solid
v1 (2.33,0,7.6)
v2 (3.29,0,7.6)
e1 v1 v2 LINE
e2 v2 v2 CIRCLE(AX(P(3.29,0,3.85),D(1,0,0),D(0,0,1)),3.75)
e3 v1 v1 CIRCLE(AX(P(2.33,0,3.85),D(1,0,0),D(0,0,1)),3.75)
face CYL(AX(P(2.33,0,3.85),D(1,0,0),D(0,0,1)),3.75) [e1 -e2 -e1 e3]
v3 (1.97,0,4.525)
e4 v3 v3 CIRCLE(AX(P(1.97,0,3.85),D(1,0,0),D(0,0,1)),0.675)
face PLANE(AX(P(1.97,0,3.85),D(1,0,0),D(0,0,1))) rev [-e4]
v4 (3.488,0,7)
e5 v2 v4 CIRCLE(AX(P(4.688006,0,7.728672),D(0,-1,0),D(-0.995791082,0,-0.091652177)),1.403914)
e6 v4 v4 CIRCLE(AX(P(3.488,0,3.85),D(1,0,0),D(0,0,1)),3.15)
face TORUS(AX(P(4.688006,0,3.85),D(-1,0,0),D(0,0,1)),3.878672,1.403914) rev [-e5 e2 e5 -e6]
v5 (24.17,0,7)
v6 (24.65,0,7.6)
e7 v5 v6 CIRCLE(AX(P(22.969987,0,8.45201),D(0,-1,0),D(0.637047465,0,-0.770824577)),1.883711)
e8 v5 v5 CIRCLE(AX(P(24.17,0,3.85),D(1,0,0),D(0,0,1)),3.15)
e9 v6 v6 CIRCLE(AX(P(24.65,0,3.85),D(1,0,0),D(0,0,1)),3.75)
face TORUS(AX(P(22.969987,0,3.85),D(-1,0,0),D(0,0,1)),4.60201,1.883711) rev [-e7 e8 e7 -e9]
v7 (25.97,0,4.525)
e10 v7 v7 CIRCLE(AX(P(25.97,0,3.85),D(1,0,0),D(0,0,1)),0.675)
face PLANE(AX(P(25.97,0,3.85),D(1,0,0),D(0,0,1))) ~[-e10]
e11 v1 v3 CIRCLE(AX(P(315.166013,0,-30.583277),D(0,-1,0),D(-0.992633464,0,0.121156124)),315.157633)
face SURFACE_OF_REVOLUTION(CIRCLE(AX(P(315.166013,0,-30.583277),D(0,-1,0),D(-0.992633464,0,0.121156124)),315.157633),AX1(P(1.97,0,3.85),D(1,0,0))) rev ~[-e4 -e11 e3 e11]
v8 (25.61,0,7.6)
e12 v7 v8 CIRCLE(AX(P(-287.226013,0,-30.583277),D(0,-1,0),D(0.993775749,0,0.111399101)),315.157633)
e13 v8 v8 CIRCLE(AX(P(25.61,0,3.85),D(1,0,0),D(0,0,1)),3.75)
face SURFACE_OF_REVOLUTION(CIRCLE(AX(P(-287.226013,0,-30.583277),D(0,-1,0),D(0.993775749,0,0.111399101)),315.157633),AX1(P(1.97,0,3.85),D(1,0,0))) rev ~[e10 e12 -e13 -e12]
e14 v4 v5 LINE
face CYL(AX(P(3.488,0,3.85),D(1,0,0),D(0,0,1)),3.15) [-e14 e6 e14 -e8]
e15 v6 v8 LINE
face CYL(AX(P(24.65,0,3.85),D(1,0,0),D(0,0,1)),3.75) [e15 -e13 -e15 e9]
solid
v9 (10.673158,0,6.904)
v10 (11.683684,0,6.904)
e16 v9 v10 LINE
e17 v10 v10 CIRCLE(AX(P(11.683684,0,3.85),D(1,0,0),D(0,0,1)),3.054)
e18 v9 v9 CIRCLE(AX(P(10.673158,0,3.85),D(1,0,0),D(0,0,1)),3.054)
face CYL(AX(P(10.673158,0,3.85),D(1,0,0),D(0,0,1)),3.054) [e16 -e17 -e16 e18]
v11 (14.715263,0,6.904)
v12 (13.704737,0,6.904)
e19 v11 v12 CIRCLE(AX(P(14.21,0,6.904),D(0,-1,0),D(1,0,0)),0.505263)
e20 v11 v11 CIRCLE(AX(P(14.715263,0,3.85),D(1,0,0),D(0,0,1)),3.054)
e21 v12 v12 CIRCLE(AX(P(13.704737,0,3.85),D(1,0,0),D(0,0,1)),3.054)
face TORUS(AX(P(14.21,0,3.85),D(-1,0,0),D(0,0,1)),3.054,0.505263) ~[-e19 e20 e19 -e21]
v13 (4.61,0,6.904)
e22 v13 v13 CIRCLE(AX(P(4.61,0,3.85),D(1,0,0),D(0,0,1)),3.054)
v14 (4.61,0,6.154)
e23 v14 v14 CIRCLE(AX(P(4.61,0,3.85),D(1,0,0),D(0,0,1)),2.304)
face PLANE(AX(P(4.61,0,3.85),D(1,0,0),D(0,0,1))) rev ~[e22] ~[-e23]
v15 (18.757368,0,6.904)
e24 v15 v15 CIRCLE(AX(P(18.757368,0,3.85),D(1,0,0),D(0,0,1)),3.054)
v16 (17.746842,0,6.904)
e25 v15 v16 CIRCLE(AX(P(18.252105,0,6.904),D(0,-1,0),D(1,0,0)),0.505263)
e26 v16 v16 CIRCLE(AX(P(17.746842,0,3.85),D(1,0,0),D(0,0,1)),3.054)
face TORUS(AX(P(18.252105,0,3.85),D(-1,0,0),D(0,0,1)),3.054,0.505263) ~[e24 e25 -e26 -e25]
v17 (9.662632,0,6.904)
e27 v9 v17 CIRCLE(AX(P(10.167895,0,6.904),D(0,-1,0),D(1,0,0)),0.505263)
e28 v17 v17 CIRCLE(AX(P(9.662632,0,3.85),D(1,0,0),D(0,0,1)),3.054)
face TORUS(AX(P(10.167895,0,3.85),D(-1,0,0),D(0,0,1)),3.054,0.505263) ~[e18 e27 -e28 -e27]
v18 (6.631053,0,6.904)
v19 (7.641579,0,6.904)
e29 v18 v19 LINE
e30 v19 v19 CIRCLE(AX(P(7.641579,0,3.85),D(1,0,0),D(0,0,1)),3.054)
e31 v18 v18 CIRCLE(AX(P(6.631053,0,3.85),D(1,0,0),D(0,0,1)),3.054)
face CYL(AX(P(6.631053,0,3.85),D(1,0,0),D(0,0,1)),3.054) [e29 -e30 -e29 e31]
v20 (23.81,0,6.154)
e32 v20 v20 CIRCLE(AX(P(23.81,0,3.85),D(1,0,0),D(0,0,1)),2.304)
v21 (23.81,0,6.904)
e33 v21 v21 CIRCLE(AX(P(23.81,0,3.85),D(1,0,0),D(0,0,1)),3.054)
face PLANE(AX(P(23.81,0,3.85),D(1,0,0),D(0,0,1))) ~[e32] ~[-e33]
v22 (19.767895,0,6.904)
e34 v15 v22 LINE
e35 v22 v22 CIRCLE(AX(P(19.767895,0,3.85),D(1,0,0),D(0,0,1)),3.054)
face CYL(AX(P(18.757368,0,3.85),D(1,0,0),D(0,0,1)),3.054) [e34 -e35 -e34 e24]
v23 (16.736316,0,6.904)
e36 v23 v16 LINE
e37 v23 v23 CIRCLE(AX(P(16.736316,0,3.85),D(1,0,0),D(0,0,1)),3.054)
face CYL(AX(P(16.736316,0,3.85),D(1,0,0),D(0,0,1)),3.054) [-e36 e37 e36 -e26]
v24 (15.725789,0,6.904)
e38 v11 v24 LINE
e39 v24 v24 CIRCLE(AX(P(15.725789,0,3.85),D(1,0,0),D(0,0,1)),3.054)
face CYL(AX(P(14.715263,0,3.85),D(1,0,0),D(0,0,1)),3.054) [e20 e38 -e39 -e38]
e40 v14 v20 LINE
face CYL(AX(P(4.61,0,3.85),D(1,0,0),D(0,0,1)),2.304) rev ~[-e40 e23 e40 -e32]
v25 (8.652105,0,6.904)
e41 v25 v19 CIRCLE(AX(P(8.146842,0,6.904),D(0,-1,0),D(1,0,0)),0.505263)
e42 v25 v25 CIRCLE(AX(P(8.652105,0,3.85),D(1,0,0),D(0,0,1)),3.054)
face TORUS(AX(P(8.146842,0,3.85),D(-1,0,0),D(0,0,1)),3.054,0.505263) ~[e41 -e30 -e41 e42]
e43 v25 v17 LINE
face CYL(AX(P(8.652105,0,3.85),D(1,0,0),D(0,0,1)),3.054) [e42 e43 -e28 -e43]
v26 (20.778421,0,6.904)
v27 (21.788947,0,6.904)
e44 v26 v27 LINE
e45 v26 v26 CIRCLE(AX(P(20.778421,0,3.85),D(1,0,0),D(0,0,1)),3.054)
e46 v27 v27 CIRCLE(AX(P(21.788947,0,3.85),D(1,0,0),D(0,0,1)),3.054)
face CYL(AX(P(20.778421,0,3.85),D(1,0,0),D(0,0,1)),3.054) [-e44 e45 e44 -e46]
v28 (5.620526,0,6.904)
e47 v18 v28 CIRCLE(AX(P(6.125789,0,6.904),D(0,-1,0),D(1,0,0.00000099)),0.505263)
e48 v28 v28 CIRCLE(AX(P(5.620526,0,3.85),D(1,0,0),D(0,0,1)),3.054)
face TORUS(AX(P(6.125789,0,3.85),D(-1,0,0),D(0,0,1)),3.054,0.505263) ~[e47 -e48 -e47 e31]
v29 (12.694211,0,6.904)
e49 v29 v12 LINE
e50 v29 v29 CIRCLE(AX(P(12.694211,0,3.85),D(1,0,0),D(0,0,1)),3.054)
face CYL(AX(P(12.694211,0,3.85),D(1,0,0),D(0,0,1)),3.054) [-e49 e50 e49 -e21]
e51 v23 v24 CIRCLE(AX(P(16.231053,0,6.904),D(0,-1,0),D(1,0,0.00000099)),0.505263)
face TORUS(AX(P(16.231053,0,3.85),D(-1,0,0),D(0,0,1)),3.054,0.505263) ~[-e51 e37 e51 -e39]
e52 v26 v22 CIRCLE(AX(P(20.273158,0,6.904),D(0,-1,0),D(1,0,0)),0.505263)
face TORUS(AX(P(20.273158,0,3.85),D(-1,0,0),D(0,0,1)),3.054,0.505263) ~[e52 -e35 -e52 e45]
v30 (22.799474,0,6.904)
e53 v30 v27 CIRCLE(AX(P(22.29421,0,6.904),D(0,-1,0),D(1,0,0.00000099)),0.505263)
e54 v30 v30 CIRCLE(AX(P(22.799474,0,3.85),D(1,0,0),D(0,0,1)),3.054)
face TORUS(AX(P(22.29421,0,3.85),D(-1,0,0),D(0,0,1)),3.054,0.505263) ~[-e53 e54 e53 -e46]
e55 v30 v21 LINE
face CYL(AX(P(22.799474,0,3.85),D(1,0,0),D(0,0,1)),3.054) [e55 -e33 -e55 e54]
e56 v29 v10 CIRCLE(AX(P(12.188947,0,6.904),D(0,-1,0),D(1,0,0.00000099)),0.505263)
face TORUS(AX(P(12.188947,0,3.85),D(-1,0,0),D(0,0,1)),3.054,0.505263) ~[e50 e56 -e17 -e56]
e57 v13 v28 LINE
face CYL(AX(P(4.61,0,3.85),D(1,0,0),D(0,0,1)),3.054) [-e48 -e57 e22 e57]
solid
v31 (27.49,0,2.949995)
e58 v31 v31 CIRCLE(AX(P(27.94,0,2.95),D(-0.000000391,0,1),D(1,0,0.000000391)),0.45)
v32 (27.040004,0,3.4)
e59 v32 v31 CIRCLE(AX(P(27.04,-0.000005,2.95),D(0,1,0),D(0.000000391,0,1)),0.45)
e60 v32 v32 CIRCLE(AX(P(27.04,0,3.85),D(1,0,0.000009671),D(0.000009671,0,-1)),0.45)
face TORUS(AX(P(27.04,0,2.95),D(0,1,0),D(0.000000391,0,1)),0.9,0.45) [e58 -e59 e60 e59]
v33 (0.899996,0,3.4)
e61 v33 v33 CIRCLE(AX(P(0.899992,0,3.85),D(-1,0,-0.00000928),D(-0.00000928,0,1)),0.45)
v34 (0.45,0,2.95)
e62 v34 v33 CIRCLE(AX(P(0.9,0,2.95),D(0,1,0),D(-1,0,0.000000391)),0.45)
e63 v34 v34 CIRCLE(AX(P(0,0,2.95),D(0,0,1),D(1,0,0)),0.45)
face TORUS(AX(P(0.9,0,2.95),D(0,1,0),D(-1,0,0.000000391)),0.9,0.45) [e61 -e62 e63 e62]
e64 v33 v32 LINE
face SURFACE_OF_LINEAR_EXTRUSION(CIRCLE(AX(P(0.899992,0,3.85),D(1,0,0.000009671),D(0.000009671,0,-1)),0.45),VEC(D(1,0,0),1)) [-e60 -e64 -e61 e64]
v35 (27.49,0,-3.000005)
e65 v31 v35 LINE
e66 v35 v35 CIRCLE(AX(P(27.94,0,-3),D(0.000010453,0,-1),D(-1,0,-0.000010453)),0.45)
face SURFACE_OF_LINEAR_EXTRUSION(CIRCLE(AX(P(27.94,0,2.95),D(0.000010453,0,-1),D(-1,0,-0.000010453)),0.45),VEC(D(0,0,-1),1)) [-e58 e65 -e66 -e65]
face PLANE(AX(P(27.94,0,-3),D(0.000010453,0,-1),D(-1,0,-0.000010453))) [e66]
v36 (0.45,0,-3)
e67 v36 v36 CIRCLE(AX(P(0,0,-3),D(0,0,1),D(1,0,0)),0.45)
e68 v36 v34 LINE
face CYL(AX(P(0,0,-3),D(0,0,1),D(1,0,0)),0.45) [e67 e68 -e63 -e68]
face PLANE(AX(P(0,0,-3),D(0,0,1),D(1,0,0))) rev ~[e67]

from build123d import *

# Parameters (mm, degrees)
SKETCH_R = 0.45


with BuildPart() as revolution:
    # Sketch002 → Revolution (revolve)
    with BuildSketch(Plane.XZ):
        with BuildLine():
            Line((2.33, 7.6), (3.29, 7.6))
            ThreePointArc((3.29, 7.6), (3.354808, 7.288717), (3.488, 7))
            Line((3.488, 7), (24.17, 7))
            ThreePointArc((24.17, 7), (24.440918, 7.275266), (24.65, 7.6))
            Line((24.65, 7.6), (25.61, 7.6))
            ThreePointArc((25.97, 4.525), (25.793776, 6.062942), (25.61, 7.6))
            Line((25.97, 3.85), (25.97, 4.525))
            Line((1.97, 3.85), (25.97, 3.85))
            Line((1.97, 3.85), (1.97, 4.525))
            ThreePointArc((2.33, 7.6), (2.146224, 6.062942), (1.97, 4.525))
        make_face()
    revolve(axis=Axis((1.97, 0, 3.85), (1, 0, 0)))


with BuildPart() as sweep_body:
    # Sweep: sweep along a path in Sketch001
    with BuildLine(Plane.XZ) as sweep_path:
        Line((0, -3), (0, 2.95))
        ThreePointArc((0, 2.95), (0.263601, 3.586393), (0.899992, 3.85))
        Line((0.899992, 3.85), (27.04, 3.85))
        ThreePointArc((27.04, 3.85), (27.676396, 3.586396), (27.94, 2.95))
        Line((27.94, 2.95), (27.94, -3))
    # Sketch → Sweep (sweep)
    with BuildSketch(Plane.XY.offset(-2)):
        Circle(SKETCH_R)
    sweep(path=sweep_path.line)


with BuildPart() as revolution001:
    # Sketch003 → Revolution001 (revolve)
    with BuildSketch(Plane.XZ):
        with BuildLine():
            ThreePointArc((6.631053, 6.904), (6.125789, 7.409263), (5.620526, 6.904))
            Line((4.61, 6.904), (5.620526, 6.904))
            Line((4.61, 6.904), (4.61, 6.154))
            Line((4.61, 6.154), (23.81, 6.154))
            Line((23.81, 6.154), (23.81, 6.904))
            Line((22.799474, 6.904), (23.81, 6.904))
            ThreePointArc((22.799474, 6.904), (22.294211, 7.409263), (21.788947, 6.904))
            Line((20.778421, 6.904), (21.788947, 6.904))
            ThreePointArc((20.778421, 6.904), (20.273158, 7.409263), (19.767895, 6.904))
            Line((18.757368, 6.904), (19.767895, 6.904))
            ThreePointArc((18.757368, 6.904), (18.252105, 7.409263), (17.746842, 6.904))
            Line((16.736316, 6.904), (17.746842, 6.904))
            ThreePointArc((16.736316, 6.904), (16.231053, 7.409263), (15.725789, 6.904))
            Line((14.715263, 6.904), (15.725789, 6.904))
            ThreePointArc((14.715263, 6.904), (14.21, 7.409263), (13.704737, 6.904))
            Line((12.694211, 6.904), (13.704737, 6.904))
            ThreePointArc((12.694211, 6.904), (12.188947, 7.409263), (11.683684, 6.904))
            Line((10.673158, 6.904), (11.683684, 6.904))
            ThreePointArc((10.673158, 6.904), (10.167895, 7.409263), (9.662632, 6.904))
            Line((8.652105, 6.904), (9.662632, 6.904))
            ThreePointArc((8.652105, 6.904), (8.146842, 7.409263), (7.641579, 6.904))
            Line((6.631053, 6.904), (7.641579, 6.904))
        make_face()
    revolve(axis=Axis((2.57, 0, 3.85), (1, 0, 0)))


solid = Compound([revolution.part, sweep_body.part, revolution001.part])
